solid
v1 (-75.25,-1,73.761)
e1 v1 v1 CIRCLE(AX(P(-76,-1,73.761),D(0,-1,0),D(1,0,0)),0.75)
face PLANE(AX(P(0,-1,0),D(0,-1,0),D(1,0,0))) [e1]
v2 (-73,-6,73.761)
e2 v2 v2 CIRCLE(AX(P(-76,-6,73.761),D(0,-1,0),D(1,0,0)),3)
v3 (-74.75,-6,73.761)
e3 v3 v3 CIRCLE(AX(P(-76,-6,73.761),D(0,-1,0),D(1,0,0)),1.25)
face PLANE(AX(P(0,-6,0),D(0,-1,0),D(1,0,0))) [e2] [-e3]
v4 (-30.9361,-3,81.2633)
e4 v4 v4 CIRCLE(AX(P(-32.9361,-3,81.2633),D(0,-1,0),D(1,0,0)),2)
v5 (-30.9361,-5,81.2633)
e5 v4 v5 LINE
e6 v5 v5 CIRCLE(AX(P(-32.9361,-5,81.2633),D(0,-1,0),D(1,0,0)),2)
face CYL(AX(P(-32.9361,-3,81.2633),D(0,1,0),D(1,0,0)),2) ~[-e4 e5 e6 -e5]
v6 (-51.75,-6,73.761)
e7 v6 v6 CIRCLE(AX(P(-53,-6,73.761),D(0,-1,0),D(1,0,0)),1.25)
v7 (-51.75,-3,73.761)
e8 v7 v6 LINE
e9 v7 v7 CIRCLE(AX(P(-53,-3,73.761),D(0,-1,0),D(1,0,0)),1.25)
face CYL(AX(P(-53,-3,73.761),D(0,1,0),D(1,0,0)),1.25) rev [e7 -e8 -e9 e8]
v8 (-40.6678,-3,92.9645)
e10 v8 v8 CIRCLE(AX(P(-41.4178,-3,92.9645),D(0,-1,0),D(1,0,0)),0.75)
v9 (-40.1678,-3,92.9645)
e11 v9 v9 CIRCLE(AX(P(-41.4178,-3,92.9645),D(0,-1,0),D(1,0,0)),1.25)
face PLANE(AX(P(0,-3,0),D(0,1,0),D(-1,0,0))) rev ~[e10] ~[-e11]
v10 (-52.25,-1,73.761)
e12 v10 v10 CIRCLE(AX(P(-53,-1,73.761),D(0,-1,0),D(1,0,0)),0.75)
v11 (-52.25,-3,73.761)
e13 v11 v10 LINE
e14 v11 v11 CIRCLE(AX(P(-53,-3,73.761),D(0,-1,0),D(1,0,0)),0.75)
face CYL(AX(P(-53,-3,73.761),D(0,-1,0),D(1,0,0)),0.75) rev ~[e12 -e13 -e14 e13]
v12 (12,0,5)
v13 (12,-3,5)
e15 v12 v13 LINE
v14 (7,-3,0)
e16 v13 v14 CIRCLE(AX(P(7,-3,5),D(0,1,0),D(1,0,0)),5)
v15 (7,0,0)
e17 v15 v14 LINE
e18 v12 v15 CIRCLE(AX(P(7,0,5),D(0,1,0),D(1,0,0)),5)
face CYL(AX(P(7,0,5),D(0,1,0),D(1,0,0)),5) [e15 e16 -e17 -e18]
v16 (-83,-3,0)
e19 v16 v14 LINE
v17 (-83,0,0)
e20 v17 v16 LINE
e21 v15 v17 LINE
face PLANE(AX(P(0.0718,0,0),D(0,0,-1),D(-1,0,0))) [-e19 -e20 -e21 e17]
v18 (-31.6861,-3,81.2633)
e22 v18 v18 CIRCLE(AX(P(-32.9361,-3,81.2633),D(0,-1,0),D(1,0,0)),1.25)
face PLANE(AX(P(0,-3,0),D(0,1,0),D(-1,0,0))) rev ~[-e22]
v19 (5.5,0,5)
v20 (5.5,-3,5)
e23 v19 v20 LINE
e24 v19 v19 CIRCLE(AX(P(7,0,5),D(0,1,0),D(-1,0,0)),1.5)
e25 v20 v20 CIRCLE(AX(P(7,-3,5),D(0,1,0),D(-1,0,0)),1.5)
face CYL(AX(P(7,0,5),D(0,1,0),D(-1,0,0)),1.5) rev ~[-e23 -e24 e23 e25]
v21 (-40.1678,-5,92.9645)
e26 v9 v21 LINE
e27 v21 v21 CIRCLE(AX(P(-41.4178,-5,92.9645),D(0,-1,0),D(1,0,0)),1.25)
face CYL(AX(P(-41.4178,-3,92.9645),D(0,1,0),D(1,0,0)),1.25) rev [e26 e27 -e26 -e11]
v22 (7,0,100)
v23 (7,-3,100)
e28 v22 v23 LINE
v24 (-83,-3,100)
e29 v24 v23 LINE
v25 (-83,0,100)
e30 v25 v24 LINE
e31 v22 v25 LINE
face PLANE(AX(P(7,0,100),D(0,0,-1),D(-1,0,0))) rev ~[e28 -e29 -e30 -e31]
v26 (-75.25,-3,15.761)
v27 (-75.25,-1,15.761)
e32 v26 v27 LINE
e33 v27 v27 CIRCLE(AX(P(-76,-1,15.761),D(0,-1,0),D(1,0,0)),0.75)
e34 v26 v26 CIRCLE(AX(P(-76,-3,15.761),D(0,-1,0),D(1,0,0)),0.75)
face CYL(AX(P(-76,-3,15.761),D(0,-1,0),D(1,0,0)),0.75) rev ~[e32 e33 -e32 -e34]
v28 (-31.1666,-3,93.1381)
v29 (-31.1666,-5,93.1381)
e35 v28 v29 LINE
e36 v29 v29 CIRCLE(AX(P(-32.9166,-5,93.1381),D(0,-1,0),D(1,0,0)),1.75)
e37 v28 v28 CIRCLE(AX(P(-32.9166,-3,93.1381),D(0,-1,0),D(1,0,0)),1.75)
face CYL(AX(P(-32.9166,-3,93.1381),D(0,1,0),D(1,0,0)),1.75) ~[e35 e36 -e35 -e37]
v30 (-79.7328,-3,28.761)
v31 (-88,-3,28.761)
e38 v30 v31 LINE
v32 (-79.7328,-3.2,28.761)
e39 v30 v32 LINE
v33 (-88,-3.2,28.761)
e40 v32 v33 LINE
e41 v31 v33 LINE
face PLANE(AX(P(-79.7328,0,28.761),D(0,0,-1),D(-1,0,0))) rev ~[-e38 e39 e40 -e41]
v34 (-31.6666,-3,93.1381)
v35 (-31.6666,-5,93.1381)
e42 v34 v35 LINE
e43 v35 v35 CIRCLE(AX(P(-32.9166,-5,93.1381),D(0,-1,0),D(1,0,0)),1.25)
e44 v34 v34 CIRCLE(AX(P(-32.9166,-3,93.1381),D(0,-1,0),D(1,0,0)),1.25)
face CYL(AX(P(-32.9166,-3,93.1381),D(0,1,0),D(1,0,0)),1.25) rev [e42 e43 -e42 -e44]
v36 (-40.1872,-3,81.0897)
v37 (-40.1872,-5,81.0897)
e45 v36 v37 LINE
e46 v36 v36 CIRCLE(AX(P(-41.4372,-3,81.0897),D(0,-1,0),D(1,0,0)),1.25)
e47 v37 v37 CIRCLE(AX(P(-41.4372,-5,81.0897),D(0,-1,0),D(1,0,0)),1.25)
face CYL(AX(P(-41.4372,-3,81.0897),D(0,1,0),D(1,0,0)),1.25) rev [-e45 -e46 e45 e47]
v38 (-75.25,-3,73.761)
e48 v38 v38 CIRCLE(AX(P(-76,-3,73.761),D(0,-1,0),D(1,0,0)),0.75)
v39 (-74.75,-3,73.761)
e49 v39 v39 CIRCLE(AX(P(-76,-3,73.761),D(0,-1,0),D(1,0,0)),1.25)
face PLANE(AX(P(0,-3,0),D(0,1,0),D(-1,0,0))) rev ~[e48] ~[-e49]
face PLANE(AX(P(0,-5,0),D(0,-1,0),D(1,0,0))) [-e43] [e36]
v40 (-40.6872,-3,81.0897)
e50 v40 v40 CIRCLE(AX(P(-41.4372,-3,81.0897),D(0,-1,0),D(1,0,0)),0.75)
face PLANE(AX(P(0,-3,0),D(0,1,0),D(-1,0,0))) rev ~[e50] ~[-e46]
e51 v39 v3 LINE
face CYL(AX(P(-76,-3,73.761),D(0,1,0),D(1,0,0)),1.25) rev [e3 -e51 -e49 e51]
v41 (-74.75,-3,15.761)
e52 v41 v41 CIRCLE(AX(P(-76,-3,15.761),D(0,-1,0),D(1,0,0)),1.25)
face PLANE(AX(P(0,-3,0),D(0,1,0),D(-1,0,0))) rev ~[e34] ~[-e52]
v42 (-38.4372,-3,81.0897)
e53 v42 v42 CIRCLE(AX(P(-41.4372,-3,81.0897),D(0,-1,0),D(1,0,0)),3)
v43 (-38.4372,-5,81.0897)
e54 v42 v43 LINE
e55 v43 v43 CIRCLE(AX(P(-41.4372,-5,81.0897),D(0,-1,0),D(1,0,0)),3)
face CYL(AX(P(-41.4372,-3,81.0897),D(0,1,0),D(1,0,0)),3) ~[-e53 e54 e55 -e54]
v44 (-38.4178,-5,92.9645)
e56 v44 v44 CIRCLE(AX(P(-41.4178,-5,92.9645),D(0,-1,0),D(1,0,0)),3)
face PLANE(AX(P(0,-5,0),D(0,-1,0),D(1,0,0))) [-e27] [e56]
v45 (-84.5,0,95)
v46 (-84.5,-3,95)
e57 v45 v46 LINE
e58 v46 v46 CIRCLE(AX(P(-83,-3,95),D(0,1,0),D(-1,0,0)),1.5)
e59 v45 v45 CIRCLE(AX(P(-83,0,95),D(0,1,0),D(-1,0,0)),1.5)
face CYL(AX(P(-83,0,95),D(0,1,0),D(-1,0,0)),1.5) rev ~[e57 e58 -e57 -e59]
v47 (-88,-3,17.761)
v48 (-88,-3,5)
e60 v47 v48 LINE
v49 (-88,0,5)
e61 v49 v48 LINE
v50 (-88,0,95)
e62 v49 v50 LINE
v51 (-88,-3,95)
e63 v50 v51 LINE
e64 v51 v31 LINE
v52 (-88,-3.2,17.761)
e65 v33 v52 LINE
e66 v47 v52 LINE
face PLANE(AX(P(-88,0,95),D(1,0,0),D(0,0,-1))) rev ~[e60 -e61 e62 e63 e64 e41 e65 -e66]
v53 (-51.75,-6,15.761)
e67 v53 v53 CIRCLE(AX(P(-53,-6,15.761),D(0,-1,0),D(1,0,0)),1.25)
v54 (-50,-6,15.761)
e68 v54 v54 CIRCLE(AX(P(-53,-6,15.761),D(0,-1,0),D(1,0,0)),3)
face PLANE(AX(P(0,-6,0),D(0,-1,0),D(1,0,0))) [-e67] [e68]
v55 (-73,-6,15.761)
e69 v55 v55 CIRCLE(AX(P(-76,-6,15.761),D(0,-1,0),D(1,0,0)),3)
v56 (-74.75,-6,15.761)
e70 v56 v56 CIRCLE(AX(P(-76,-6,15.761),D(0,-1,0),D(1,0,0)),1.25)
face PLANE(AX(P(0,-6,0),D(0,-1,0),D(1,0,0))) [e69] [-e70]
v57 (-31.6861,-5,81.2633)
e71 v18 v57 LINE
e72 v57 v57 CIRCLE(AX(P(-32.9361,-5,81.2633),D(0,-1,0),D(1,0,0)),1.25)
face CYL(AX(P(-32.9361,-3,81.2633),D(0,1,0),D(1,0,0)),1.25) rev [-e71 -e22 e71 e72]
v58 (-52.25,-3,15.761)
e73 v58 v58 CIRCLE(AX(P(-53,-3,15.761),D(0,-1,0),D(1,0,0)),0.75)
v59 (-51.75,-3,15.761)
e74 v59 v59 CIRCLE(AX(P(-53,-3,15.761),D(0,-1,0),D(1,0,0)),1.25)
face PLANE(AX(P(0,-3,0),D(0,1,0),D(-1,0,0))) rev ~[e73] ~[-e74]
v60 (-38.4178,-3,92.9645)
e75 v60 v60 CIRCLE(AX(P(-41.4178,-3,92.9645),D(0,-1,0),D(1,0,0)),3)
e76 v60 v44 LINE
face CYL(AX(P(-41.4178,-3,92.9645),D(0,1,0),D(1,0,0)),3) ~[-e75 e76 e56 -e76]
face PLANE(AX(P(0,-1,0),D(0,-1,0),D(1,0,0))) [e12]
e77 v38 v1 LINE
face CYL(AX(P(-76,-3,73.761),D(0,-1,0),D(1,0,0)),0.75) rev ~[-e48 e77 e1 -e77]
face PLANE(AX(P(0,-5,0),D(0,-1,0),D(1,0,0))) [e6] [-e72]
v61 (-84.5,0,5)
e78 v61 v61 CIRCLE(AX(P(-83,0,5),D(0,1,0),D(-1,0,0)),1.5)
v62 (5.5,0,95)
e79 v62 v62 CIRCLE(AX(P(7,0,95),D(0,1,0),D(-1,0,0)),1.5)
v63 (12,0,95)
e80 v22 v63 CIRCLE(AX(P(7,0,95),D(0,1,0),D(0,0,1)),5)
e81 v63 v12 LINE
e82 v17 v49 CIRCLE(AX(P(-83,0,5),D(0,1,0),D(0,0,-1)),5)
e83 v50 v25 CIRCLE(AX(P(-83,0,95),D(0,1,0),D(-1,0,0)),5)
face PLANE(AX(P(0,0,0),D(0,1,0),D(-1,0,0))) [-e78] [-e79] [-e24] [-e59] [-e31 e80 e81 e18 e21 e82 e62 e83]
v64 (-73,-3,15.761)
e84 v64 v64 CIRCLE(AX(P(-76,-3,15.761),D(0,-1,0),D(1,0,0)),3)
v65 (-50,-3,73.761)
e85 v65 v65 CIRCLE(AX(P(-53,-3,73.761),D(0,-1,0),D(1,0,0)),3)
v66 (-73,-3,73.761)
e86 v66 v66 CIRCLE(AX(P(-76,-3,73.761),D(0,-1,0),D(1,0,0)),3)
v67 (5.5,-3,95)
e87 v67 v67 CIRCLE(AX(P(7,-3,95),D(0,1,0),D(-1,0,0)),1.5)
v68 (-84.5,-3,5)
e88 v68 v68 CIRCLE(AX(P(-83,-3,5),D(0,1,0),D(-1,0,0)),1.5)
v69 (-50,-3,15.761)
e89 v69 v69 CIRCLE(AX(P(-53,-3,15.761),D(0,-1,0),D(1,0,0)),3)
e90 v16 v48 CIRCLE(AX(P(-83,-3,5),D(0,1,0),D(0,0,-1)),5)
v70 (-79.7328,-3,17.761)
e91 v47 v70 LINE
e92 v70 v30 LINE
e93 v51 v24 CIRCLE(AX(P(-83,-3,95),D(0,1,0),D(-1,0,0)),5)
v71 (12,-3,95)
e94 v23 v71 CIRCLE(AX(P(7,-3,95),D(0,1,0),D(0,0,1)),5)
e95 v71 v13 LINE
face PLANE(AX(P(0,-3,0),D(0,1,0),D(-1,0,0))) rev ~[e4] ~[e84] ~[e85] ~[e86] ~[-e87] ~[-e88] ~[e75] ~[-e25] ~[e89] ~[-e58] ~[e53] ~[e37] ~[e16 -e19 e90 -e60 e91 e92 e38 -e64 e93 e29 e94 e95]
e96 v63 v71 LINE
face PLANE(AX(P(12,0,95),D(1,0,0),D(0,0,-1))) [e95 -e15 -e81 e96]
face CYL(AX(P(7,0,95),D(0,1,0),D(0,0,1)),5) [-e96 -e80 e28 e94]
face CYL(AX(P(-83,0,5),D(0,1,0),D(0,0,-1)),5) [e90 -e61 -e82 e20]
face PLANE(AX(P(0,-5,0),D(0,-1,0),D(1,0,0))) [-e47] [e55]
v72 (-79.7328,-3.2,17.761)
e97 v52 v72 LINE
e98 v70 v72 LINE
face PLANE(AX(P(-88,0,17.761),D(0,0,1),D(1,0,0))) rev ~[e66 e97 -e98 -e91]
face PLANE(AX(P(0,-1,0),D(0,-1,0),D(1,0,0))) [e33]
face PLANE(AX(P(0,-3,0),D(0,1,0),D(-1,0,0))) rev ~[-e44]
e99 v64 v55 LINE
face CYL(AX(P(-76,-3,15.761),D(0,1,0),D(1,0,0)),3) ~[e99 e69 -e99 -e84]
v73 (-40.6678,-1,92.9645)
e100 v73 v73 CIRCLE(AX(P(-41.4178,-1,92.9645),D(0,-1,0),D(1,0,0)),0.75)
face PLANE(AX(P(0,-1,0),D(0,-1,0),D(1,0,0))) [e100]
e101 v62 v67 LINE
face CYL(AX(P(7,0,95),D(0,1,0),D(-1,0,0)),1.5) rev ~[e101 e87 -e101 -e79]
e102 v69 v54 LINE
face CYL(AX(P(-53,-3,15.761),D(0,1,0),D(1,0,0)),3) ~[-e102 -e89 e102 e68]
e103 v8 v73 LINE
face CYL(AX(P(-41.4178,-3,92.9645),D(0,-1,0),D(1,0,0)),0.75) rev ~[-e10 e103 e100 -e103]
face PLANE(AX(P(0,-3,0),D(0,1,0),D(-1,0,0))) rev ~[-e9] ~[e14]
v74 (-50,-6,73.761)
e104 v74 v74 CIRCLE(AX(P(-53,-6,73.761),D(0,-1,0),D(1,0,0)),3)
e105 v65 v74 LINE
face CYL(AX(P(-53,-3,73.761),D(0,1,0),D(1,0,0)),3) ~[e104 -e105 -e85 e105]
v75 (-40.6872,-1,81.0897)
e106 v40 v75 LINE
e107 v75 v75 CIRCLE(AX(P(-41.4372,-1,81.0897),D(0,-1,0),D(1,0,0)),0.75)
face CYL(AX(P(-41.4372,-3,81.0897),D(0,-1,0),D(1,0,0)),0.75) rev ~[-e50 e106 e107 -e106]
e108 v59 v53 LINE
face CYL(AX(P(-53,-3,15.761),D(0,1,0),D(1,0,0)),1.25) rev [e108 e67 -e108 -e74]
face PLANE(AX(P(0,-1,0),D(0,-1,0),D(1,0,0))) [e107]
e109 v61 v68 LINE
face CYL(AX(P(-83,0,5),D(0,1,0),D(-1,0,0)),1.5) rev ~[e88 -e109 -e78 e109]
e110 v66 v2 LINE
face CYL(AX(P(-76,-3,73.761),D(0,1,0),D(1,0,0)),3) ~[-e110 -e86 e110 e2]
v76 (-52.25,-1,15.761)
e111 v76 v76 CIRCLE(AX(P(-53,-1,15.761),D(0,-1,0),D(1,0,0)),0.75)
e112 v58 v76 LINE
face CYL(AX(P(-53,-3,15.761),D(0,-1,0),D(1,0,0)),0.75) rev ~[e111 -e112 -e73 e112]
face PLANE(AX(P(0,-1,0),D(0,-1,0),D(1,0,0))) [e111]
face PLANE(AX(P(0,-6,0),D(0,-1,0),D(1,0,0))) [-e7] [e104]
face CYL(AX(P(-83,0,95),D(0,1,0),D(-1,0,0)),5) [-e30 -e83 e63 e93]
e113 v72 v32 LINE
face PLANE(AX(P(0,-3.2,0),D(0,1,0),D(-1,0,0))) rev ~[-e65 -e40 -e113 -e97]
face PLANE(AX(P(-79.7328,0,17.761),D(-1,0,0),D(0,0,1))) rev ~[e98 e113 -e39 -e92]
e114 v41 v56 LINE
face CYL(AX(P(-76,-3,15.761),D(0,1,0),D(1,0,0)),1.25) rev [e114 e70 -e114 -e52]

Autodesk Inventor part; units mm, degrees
ref_plane "YZ Plane" through (0, 0, 0) normal (1, 0, 0) x (0, 1, 0)
ref_plane "XZ Plane" through (0, 0, 0) normal (0, 1, 0) x (-1, 0, 0)
ref_plane "XY Plane" through (0, 0, 0) normal (0, 0, 1) x (1, 0, 0)
sketch "Sketch1" plane through (0, 0, 0) normal (0, 1, 0) x (-1, 0, 0)
  line L0 (-12, 95) -> (-12, 5)
  line L1 (-12, 5) -> (-12, 95)
  line L2 (-7, 100) -> (76.1843, 100)
  line L3 (76.1843, 100) -> (-7, 100)
  line L4 (76.0718, 100) -> (83, 100)
  line L5 (-7, 100) -> (83, 100)
  line L6 (88, 11.9282) -> (88, 5)
  line L7 (88, 95) -> (88, 5)
  line L8 (-0.0718, 0) -> (-7, 0)
  line L9 (-7, 0) -> (83, 0)
  arc A0 (-12, 5) -> (-7, 0) centre (-7, 5) ccw
  arc A1 (-7, 100) -> (-12, 95) centre (-7, 95) ccw
  line L10 (88, 5) -> (88, 95)
  arc A2 (88, 95) -> (83, 100) centre (83, 95) ccw
  arc A3 (83, 0) -> (88, 5) centre (83, 5) ccw
  arc A4 (-12, 5) -> (-7, 0) centre (-7, 5) ccw
  circle A5 centre (-7, 5) radius 1.5
  circle A6 centre (-7, 95) radius 1.5
  circle A7 centre (83, 95) radius 1.5
  circle A8 centre (83, 5) radius 1.5
  line L11 (88, 17.761) -> (79.7328, 17.761)
  line L12 (79.7328, 17.761) -> (79.7328, 28.761)
  line L13 (79.7328, 28.761) -> (88, 28.761)
  line L14 (88, 28.761) -> (88, 17.761)
extrude "Extrusion1" add sketch "Sketch1" against normal blind 3 contours A1 L2 L4 A2 L7 L13 L12 L11 L6 A3 L9 L8 A0 L0
extrude "Extrusion2" add sketch "Sketch1" against normal blind 3.2 contours L7 L11 L12 L13
sketch "PiHoles" plane through (0, -3, 0) normal (0, -1, 0) x (1, 0, 0)
  line L0 (-79.7328, 28.761) -> (-79.7328, 17.761) projected
  line L1 (-88, 5) -> (-88, 95) projected
  circle A0 centre (-76, 15.761) radius 1.25
  circle A1 centre (-76, 15.761) radius 3
  circle A2 centre (-76, 73.761) radius 1.25
  circle A3 centre (-76, 73.761) radius 3
  circle A4 centre (-53, 15.761) radius 1.25
  circle A5 centre (-53, 15.761) radius 3
  circle A6 centre (-53, 73.761) radius 1.25
  circle A7 centre (-53, 73.761) radius 3
  circle A8 centre (-53, 73.761) radius 0.75
  circle A9 centre (-53, 15.761) radius 0.75
  circle A10 centre (-76, 73.761) radius 0.75
  circle A11 centre (-76, 15.761) radius 0.75
  circle A12 centre (-41.4372, 81.0897) radius 1.25
  circle A13 centre (-41.4372, 81.0897) radius 3
  circle A14 centre (-41.4372, 81.0897) radius 0.75
  circle A15 centre (-41.4178, 92.9645) radius 0.75
  circle A16 centre (-41.4178, 92.9645) radius 1.25
  circle A17 centre (-41.4178, 92.9645) radius 3
  circle A18 centre (-32.9361, 81.2633) radius 0.75
  circle A19 centre (-32.9361, 81.2633) radius 1.25
  circle A20 centre (-32.9361, 81.2633) radius 2
  circle A21 centre (-32.9166, 93.1381) radius 0.75
  circle A22 centre (-32.9166, 93.1381) radius 1.25
  circle A23 centre (-32.9166, 93.1381) radius 1.75
  point P0 (-79.7328, 23.261)
  point P1 (-88, 23.261)
  point P2 (-76, 23.261)
  point P3 (-76, 23.261)
  point P4 (-52, 74.761)
  point P5 (-41.4372, 93.09)
  point P6 (-40.4372, 94.09)
  dimension "d4" = 2.5
  dimension "d5" = 6
  dimension "d6" = 2.5
  dimension "d7" = 6
  dimension "d8" = 2.5
  dimension "d9" = 6
  dimension "d10" = 2.5
  dimension "d11" = 6
  dimension "d21" = 1.5
  dimension "d22" = 1.5
  dimension "d23" = 1.5
  dimension "d24" = 1.5
  dimension "d30" = 2.5
  dimension "d31" = 6
  dimension "d32" = 1.5
  dimension "d33" = 2.5
  dimension "d34" = 6
  dimension "d35" = 1.5
  dimension "d40" = 2.5
  dimension "d41" = 4
  dimension "d42" = 1.5
  dimension "d43" = 2.5
  dimension "d44" = 3.5
  dimension "d45" = 1.5
extrude "Extrusion3" add sketch "PiHoles" along normal blind 3 contours A1 | A3 | A5 | A7
extrude "Extrusion4" cut sketch "PiHoles" against normal blind 2 contours A8 | A9 | A10 | A11
extrude "Extrusion5" add sketch "PiHoles" along normal blind 2 contours A13 | A17
extrude "Extrusion6" cut sketch "PiHoles" against normal blind 2 contours A14 | A15
extrude "Extrusion7" add sketch "PiHoles" along normal blind 2 contours A20 | A23
properties part number "groundplate"
